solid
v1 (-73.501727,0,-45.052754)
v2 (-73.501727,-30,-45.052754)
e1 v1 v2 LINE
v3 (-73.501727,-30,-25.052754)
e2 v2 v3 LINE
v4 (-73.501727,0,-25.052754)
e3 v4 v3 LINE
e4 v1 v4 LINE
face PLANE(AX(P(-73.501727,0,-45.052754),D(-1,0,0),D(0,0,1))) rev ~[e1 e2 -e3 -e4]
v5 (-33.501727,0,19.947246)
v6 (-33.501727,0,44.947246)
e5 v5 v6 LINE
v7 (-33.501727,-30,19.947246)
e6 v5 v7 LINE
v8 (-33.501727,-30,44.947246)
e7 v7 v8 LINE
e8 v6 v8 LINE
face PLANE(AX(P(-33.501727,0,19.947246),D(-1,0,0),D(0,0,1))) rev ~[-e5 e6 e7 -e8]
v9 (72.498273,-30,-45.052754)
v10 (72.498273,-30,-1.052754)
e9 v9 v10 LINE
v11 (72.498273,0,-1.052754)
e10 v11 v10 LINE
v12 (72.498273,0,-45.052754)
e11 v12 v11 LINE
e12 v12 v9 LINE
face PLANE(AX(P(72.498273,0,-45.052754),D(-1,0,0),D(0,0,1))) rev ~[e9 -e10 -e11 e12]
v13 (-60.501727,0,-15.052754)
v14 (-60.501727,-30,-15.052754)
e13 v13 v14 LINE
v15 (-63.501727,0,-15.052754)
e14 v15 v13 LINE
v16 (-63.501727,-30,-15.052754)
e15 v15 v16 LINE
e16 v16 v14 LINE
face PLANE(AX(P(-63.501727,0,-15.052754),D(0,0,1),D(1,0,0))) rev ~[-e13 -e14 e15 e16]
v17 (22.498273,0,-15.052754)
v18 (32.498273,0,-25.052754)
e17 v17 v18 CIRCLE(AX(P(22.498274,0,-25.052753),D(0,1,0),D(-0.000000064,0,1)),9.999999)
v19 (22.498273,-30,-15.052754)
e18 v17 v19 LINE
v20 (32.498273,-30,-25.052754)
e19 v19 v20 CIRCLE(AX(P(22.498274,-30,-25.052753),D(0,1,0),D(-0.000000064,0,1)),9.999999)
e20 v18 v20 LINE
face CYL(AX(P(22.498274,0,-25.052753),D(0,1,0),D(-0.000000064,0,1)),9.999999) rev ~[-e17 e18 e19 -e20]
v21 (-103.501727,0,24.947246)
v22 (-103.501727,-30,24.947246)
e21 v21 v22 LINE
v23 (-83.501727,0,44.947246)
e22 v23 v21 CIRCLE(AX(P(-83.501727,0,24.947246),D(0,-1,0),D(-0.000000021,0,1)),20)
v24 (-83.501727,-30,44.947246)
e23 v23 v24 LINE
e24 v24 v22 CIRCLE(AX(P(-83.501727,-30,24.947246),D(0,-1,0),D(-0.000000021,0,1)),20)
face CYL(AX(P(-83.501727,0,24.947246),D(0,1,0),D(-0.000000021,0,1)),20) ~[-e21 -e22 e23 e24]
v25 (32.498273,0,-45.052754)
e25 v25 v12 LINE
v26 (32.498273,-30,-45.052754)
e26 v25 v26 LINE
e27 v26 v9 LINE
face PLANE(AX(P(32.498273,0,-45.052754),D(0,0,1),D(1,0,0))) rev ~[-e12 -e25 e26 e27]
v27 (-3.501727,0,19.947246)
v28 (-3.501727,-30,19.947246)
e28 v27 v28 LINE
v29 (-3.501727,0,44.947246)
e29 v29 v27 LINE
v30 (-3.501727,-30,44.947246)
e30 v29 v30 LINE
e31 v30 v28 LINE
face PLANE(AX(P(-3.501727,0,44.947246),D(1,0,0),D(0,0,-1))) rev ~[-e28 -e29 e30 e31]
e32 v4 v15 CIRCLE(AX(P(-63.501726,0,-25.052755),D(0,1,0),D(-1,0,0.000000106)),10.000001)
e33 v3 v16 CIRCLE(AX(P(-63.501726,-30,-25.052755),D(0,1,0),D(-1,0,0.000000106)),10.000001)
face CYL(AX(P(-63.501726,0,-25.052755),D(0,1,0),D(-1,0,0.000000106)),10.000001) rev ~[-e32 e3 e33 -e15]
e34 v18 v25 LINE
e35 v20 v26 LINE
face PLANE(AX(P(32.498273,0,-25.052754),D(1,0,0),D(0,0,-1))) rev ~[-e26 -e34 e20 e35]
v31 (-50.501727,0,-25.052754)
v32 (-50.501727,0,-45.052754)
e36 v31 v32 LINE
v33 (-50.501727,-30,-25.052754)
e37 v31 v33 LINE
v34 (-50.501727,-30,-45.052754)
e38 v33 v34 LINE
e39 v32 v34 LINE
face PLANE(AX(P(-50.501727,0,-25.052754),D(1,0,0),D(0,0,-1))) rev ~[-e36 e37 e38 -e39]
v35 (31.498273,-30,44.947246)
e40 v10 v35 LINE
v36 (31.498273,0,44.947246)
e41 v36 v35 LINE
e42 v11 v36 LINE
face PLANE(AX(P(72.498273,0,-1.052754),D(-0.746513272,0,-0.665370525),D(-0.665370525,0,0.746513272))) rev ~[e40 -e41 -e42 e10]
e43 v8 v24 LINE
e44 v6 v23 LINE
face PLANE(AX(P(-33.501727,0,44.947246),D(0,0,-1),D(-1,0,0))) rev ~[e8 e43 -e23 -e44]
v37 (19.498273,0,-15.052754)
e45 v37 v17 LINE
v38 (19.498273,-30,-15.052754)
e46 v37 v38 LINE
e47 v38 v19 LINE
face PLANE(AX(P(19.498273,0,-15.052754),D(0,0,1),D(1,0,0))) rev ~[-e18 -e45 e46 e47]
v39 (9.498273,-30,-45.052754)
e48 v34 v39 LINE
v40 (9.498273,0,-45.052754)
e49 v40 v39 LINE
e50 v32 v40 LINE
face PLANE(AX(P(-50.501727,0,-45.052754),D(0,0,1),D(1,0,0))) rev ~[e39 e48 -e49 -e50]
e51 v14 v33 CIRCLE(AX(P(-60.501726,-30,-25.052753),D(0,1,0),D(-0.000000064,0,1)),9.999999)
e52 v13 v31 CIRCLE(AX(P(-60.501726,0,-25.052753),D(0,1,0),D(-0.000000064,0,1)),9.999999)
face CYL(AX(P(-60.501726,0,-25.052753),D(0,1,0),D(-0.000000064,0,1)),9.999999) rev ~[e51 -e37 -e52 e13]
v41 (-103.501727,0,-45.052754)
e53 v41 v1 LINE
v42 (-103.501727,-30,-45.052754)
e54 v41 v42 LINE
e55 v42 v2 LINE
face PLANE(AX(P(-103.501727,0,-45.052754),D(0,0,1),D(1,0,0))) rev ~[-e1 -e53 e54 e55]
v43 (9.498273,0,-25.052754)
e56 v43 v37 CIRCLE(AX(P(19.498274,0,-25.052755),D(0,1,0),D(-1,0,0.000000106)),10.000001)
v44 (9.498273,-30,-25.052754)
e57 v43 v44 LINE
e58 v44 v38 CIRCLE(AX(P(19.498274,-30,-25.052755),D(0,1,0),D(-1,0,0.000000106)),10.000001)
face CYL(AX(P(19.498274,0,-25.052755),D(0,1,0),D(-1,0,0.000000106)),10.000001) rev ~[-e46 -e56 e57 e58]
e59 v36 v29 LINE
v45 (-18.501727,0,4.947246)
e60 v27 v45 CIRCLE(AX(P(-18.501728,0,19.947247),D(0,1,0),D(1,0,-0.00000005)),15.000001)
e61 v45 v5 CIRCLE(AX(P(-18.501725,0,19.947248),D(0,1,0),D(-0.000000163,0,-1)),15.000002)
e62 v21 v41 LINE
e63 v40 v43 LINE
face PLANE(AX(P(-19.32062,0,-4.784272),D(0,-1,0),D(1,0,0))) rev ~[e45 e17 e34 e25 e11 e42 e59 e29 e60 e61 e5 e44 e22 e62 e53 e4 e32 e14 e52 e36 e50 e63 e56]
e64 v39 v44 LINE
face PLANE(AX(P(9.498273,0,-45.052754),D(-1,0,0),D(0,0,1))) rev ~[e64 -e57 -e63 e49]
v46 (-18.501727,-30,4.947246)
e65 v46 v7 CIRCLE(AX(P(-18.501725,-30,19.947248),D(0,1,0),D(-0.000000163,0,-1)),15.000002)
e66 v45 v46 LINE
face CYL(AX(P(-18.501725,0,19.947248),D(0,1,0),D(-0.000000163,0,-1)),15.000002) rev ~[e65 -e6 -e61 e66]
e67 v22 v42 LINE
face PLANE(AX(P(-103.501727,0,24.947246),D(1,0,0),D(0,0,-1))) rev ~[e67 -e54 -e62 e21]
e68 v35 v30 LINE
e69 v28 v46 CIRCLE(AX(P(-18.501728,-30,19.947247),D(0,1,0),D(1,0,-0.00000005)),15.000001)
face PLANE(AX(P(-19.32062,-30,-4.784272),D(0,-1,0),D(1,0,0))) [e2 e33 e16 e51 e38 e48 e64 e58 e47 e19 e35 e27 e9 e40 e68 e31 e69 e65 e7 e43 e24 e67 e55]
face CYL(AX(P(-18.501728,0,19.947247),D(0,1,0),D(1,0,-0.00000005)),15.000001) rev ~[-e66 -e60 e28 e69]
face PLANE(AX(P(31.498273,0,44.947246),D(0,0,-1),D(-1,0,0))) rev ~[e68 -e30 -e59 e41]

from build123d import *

# Parameters (mm, degrees)
F1_DEPTH = 30


with BuildPart() as f1:
    # F0 (on Front) → F1 (new body)
    with BuildSketch(Plane.XZ):
        with BuildLine():
            Line((-103.501727, 24.947246), (-103.501727, -45.052754))
            Line((-103.501727, -45.052754), (-73.501727, -45.052754))
            Line((-73.501727, -45.052754), (-73.501727, -25.052754))
            ThreePointArc((-73.501727, -25.052754), (-70.572794, -17.981686), (-63.501727, -15.052754))
            Line((-63.501727, -15.052754), (-60.501727, -15.052754))
            ThreePointArc((-60.501727, -15.052754), (-53.430659, -17.981686), (-50.501727, -25.052754))
            Line((-50.501727, -25.052754), (-50.501727, -45.052754))
            Line((-50.501727, -45.052754), (9.498273, -45.052754))
            Line((9.498273, -45.052754), (9.498273, -25.052754))
            ThreePointArc((9.498273, -25.052754), (12.427206, -17.981686), (19.498273, -15.052754))
            Line((19.498273, -15.052754), (22.498273, -15.052754))
            ThreePointArc((22.498273, -15.052754), (29.569341, -17.981686), (32.498273, -25.052754))
            Line((32.498273, -25.052754), (32.498273, -45.052754))
            Line((32.498273, -45.052754), (72.498273, -45.052754))
            Line((72.498273, -45.052754), (72.498273, -1.052754))
            Line((72.498273, -1.052754), (31.498273, 44.947246))
            Line((31.498273, 44.947246), (-3.501727, 44.947246))
            Line((-3.501727, 44.947246), (-3.501727, 19.947246))
            ThreePointArc((-3.501727, 19.947246), (-7.895125, 9.340645), (-18.501727, 4.947246))
            ThreePointArc((-18.501727, 4.947246), (-29.108328, 9.340645), (-33.501727, 19.947246))
            Line((-33.501727, 19.947246), (-33.501727, 44.947246))
            Line((-33.501727, 44.947246), (-83.501727, 44.947246))
            ThreePointArc((-83.501727, 44.947246), (-97.643862, 39.089382), (-103.501727, 24.947246))
        make_face()
    extrude(amount=F1_DEPTH)


solid = f1.part
